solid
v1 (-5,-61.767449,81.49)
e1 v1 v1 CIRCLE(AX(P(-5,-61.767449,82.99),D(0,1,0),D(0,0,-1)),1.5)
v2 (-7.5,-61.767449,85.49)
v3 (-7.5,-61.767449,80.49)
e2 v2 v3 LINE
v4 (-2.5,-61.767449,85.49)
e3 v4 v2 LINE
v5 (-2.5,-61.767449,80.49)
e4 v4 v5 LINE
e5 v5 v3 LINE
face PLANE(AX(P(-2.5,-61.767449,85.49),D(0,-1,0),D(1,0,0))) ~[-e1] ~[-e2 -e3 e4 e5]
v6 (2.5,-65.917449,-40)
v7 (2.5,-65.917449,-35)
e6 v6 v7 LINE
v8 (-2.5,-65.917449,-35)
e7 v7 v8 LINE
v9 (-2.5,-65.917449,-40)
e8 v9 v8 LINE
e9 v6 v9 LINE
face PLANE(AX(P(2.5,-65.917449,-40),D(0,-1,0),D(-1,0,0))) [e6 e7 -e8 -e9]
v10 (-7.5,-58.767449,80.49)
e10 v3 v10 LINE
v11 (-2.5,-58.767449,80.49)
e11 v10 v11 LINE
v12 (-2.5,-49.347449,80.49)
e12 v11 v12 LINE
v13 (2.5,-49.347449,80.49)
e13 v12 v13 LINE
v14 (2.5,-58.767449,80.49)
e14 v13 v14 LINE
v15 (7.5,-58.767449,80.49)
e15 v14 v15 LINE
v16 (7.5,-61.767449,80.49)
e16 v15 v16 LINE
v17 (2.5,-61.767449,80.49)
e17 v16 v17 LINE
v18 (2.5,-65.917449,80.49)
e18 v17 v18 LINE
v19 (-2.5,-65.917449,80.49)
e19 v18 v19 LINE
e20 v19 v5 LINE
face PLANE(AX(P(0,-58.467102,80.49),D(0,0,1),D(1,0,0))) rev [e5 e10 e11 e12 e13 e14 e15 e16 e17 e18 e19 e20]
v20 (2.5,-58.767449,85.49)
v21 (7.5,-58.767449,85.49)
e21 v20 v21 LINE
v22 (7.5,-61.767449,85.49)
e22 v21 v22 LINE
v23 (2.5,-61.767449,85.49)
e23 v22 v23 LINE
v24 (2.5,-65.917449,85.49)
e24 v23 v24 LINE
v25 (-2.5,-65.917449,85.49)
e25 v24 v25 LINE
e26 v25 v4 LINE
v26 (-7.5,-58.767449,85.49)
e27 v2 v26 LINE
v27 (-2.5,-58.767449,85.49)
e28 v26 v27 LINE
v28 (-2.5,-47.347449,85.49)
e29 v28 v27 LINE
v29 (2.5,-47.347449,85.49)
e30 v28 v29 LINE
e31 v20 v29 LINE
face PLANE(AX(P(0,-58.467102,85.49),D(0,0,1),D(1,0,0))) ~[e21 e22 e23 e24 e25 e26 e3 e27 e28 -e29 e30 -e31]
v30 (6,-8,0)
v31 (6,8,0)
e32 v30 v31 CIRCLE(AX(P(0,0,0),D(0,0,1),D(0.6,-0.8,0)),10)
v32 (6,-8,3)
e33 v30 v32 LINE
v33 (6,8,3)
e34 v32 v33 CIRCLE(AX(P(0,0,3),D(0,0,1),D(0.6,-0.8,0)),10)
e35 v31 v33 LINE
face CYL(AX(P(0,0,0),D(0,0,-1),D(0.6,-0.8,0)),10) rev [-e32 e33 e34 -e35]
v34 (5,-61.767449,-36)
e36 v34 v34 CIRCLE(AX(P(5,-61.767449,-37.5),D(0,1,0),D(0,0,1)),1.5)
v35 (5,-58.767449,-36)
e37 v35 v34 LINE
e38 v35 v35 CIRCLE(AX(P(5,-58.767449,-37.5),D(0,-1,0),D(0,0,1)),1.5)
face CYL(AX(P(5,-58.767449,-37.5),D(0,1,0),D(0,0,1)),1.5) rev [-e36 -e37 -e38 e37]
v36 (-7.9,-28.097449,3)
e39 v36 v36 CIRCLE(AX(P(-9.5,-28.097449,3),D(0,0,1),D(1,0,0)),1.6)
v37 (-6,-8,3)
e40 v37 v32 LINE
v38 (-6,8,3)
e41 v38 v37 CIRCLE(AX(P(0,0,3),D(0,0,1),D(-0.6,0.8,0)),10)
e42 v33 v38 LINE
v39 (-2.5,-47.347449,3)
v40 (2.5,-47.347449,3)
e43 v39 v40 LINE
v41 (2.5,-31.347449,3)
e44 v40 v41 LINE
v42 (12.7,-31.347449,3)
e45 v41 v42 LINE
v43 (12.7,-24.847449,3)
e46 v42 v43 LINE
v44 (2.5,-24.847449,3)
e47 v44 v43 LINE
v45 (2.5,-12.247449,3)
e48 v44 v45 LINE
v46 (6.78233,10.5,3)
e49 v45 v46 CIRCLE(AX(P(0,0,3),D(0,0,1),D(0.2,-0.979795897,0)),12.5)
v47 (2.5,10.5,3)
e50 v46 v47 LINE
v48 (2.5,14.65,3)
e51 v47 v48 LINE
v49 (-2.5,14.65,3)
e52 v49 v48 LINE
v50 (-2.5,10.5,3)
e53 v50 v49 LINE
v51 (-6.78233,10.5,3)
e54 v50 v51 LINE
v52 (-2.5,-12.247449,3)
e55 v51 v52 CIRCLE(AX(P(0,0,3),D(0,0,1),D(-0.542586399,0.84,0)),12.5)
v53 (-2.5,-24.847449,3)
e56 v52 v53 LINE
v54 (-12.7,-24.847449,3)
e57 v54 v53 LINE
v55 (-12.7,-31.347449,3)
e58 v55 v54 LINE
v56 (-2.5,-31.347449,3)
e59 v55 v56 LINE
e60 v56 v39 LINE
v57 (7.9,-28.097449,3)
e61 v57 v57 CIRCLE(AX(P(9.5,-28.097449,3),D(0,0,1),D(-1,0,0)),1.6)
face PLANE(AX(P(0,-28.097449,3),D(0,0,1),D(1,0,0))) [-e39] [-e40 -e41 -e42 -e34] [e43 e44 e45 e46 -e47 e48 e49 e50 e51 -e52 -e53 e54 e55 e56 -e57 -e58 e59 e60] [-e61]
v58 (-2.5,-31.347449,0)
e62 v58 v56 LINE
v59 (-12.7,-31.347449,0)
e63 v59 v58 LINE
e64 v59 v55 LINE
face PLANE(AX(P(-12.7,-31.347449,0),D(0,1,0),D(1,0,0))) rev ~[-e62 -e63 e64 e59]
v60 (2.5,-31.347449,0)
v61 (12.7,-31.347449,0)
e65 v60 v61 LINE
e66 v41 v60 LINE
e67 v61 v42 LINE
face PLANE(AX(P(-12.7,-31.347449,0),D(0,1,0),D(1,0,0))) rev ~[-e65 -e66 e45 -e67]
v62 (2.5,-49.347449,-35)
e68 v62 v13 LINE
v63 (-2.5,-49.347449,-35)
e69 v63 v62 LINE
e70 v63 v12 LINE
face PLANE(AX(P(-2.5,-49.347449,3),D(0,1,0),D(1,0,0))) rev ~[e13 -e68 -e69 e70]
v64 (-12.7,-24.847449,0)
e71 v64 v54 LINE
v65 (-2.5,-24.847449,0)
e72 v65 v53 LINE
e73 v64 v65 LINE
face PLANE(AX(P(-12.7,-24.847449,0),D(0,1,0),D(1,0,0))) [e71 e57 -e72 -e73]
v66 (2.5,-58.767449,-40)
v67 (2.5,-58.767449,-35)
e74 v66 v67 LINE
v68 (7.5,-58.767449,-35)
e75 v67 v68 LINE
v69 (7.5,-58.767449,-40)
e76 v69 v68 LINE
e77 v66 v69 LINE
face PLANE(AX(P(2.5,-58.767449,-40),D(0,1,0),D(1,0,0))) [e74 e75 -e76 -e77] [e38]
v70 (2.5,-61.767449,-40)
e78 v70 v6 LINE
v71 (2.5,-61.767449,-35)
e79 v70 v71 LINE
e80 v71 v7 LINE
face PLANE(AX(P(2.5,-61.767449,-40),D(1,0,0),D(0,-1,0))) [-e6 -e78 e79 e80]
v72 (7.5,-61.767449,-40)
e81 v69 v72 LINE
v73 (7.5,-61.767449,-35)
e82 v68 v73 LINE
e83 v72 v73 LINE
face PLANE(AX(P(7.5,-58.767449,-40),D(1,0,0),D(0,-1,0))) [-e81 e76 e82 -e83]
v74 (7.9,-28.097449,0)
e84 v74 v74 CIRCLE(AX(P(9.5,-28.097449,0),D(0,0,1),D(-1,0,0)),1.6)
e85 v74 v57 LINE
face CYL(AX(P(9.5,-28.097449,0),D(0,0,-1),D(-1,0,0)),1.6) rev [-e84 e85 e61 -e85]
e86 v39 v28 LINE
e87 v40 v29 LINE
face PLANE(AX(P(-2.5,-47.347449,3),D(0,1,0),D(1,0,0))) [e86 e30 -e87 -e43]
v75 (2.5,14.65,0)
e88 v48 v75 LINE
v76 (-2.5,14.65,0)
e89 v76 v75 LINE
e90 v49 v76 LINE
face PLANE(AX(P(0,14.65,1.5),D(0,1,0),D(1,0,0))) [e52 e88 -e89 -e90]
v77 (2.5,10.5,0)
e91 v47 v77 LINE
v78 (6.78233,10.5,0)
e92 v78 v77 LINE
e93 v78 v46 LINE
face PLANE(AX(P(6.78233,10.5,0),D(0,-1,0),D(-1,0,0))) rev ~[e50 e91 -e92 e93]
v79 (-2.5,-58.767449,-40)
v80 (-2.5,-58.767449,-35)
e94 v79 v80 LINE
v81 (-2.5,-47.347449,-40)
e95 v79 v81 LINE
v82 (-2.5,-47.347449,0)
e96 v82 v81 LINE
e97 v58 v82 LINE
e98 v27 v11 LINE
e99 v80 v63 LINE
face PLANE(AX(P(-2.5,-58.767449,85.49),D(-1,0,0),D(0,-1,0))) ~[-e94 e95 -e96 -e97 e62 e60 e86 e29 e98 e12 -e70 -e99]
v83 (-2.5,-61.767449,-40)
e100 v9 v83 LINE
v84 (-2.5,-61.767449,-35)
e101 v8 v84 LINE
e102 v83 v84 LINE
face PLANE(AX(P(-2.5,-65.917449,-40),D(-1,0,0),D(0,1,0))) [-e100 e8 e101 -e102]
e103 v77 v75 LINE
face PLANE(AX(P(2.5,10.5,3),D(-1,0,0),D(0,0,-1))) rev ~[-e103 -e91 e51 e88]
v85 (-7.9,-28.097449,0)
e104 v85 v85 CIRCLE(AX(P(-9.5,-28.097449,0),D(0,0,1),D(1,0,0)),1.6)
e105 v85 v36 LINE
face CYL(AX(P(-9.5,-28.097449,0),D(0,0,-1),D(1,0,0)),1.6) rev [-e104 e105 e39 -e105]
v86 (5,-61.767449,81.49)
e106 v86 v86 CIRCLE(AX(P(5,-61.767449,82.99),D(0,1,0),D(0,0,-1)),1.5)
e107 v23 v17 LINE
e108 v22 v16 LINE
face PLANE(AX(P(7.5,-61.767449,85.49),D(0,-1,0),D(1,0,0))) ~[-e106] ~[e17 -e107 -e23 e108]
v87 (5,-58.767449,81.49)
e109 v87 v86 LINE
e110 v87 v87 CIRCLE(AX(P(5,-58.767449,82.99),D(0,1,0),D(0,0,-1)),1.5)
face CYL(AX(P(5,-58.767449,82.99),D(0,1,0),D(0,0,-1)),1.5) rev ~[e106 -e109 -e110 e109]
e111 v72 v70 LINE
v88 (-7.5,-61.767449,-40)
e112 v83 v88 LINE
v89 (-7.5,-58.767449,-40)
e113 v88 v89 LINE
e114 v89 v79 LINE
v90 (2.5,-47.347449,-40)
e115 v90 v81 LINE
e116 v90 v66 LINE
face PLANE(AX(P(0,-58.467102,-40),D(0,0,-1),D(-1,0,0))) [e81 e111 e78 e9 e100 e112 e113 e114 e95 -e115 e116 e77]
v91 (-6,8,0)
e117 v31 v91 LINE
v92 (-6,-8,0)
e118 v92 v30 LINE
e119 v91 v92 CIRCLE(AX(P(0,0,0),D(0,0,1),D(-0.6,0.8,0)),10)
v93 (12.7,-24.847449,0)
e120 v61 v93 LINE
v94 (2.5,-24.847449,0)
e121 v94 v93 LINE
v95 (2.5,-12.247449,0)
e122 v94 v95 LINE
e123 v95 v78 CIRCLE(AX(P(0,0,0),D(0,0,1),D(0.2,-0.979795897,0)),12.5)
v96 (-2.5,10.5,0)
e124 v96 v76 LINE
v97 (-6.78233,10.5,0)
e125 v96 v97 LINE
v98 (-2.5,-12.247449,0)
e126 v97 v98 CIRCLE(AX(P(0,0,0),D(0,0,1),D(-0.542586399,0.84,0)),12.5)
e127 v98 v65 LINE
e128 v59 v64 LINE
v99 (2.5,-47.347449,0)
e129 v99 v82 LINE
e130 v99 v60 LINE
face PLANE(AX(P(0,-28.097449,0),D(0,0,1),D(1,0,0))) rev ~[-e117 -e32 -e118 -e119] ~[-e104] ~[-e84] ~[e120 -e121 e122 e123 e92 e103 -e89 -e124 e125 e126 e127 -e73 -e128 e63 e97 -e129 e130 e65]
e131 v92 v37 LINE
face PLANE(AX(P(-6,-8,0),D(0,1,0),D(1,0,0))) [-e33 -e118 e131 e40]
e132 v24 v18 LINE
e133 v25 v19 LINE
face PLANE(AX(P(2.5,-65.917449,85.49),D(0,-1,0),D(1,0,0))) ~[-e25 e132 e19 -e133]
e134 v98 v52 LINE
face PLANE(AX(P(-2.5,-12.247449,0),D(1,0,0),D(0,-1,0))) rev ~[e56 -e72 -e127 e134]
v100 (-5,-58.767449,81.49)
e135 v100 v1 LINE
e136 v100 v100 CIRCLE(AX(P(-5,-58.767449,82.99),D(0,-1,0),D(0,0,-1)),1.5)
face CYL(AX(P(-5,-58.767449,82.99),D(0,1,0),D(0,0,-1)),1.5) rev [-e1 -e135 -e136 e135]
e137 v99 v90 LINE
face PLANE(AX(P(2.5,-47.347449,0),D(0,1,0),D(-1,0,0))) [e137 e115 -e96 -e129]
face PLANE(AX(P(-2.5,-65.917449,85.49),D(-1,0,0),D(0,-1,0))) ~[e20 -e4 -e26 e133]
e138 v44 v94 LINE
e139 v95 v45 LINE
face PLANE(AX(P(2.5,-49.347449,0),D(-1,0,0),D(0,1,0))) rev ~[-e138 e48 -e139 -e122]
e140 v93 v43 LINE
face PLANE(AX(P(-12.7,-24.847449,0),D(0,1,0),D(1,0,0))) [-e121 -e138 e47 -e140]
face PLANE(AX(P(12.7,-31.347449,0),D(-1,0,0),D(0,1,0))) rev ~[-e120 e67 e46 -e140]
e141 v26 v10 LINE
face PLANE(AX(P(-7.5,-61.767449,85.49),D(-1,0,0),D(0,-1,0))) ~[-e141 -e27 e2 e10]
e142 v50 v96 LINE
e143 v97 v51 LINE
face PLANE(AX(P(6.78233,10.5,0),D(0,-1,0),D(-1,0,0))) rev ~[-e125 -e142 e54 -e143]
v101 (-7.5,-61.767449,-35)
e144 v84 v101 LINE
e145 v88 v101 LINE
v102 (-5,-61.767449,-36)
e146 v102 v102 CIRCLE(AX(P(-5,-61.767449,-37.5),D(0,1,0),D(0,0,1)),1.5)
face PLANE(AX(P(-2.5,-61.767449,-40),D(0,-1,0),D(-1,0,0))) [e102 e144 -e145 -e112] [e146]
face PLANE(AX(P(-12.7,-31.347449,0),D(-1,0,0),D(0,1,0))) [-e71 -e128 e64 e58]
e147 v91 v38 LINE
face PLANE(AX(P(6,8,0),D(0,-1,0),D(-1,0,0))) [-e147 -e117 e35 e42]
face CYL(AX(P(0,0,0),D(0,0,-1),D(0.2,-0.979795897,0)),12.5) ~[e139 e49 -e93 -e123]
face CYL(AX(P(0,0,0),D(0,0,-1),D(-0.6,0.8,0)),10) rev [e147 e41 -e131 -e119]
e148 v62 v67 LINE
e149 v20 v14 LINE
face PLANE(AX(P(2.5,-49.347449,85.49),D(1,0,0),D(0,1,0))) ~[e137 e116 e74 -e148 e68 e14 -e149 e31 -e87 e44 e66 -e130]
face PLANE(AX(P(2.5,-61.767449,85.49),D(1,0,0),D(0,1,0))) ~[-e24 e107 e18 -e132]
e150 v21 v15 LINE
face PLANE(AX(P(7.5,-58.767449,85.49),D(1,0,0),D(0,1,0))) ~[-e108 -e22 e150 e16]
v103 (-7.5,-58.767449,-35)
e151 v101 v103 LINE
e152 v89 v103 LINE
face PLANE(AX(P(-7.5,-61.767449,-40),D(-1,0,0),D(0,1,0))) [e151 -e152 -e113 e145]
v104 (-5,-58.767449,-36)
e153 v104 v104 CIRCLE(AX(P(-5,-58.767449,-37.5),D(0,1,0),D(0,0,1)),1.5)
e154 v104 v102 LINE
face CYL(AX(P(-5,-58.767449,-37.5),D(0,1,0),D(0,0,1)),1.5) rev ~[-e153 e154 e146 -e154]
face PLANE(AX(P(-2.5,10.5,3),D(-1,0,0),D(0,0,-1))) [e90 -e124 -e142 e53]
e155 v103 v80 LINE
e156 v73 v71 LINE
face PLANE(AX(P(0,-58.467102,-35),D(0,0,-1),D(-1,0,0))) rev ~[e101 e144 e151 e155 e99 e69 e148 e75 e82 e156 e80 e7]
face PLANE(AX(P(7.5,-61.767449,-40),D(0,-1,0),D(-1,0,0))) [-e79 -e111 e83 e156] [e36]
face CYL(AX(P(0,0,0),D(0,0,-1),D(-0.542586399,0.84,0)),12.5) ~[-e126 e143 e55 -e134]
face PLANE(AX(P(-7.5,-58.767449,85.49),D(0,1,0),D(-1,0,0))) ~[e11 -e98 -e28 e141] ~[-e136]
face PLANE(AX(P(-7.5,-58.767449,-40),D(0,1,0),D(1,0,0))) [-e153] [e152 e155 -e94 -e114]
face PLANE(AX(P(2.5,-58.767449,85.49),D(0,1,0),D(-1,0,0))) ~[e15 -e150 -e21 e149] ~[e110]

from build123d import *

# Parameters (mm, degrees)
BOSS_EXTRUDE1_DEPTH     = 3
SKETCH3_W               = 25.4
SKETCH3_H               = 6.5
SKETCH3_R               = 1.6
BOSS_EXTRUDE4_DEPTH     = 3
SKETCH11_W              = 5
SKETCH11_H              = 3
BOSS_EXTRUDE8_DEPTH     = 4.15
SKETCH6_W               = 5
SKETCH6_H               = 2
BOSS_EXTRUDE5_DEPTH     = 40
SKETCH10_W              = 5
SKETCH10_H              = 2
BOSS_EXTRUDE7_DEPTH     = 82.49
BOSS_EXTRUDE9_DEPTH     = 5
SKETCH15_R              = 1.5
CUT_EXTRUDE1_DEPTH      = 5
MIRROR2_COPY_1_SKETCH_R = 1.5
MIRROR2_COPY_1_DEPTH    = 5


with BuildPart() as part:
    # Sketch1 → Boss-Extrude1 (new body)
    with BuildSketch(Plane.XY):
        with BuildLine():
            Line((2.5, -49.347448714), (2.5, -12.247448714))
            ThreePointArc((2.5, -12.247448714), (12.284218259, -2.312570382), (6.782329983, 10.5))
            Line((6.782329983, 10.5), (-6.782329983, 10.5))
            ThreePointArc((-6.782329983, 10.5), (-12.284218259, -2.312570382), (-2.5, -12.247448714))
            Line((-2.5, -12.247448714), (-2.5, -49.347448714))
            Line((-2.5, -49.347448714), (2.5, -49.347448714))
        make_face()
        with BuildLine():
            Line((-6, -8), (6, -8))
            ThreePointArc((6, -8), (10, 0), (6, 8))
            Line((6, 8), (-6, 8))
            ThreePointArc((-6, 8), (-10, 0), (-6, -8))
        make_face(mode=Mode.SUBTRACT)
    extrude(amount=BOSS_EXTRUDE1_DEPTH)

    # Sketch3 → Boss-Extrude4 (add)
    with BuildSketch(Plane.XY):
        with Locations((0, -28.097448714)):
            Rectangle(SKETCH3_W, SKETCH3_H)
        with Locations((-9.5, -28.097448714)):
            Circle(SKETCH3_R, mode=Mode.SUBTRACT)
        with Locations(Location((9.5, -28.097448714, 0), (0, 0, 180))):
            Circle(SKETCH3_R, mode=Mode.SUBTRACT)
    extrude(amount=BOSS_EXTRUDE4_DEPTH)

    # Sketch11 → Boss-Extrude8 (add)
    with BuildSketch(Plane(origin=(0, 10.5, 0), x_dir=(1, 0, 0), z_dir=(0, 1, 0))):
        with Locations((0, -1.5)):
            Rectangle(SKETCH11_W, SKETCH11_H)
    extrude(amount=BOSS_EXTRUDE8_DEPTH)

    # Sketch6 → Boss-Extrude5 (add)
    with BuildSketch(Plane(origin=(0, 0, 0), x_dir=(-1, 0, 0), z_dir=(0, 0, -1))):
        with Locations((0, -48.347448714)):
            Rectangle(SKETCH6_W, SKETCH6_H)
    extrude(amount=BOSS_EXTRUDE5_DEPTH)

    # Sketch10 → Boss-Extrude7 (add)
    with BuildSketch(Plane.XY.offset(3)):
        with Locations((0, -48.347448714)):
            Rectangle(SKETCH10_W, SKETCH10_H)
    extrude(amount=BOSS_EXTRUDE7_DEPTH)

    # Sketch14 → Boss-Extrude9 (add)
    with BuildSketch(Plane(origin=(0, 0, -40), x_dir=(-1, 0, 0), z_dir=(0, 0, -1))):
        Polygon((-2.5, -61.767448714), (-2.5, -65.917448714), (2.5, -65.917448714), (2.5, -61.767448714), (7.5, -61.767448714), (7.5, -58.767448714), (2.5, -58.767448714), (2.5, -49.347448714), (-2.5, -49.347448714), (-2.5, -58.767448714), (-7.5, -58.767448714), (-7.5, -61.767448714), align=None)
    boss_extrude9 = extrude(amount=-BOSS_EXTRUDE9_DEPTH)

    # Sketch15 → Cut-Extrude1 (cut)
    with BuildSketch(Plane(origin=(0, -58.767448714, 0), x_dir=(1, 0, 0), z_dir=(0, 1, 0))):
        with Locations(Location((-5, 37.5, 0), (0, 0, 270))):
            Circle(SKETCH15_R)
    cut_extrude1 = extrude(amount=-CUT_EXTRUDE1_DEPTH, mode=Mode.SUBTRACT)

    # Mirror1: Cut-Extrude1 across plane
    add(cut_extrude1.mirror(Plane(origin=(0, 0, 0), x_dir=(0, 0, 1), z_dir=(1, 0, 0))), mode=Mode.SUBTRACT)

    # Mirror2: Boss-Extrude9, Cut-Extrude1 across plane
    add(boss_extrude9.mirror(Plane(origin=(0, 0, 22.745), x_dir=(1, 0, 0), z_dir=(0, 0, -1))))
    add(cut_extrude1.mirror(Plane(origin=(0, 0, 22.745), x_dir=(1, 0, 0), z_dir=(0, 0, -1))), mode=Mode.SUBTRACT)

    # Mirror2 copy 1 sketch → Mirror2 copy 1 (cut)
    with BuildSketch(Plane(origin=(0, -58.767448714, 45.49), x_dir=(-1, 0, 0), z_dir=(0, 1, 0))):
        with Locations(Location((-5, 37.5, 0), (0, 0, 270))):
            Circle(MIRROR2_COPY_1_SKETCH_R)
    extrude(amount=-MIRROR2_COPY_1_DEPTH, mode=Mode.SUBTRACT)


solid = part.part
